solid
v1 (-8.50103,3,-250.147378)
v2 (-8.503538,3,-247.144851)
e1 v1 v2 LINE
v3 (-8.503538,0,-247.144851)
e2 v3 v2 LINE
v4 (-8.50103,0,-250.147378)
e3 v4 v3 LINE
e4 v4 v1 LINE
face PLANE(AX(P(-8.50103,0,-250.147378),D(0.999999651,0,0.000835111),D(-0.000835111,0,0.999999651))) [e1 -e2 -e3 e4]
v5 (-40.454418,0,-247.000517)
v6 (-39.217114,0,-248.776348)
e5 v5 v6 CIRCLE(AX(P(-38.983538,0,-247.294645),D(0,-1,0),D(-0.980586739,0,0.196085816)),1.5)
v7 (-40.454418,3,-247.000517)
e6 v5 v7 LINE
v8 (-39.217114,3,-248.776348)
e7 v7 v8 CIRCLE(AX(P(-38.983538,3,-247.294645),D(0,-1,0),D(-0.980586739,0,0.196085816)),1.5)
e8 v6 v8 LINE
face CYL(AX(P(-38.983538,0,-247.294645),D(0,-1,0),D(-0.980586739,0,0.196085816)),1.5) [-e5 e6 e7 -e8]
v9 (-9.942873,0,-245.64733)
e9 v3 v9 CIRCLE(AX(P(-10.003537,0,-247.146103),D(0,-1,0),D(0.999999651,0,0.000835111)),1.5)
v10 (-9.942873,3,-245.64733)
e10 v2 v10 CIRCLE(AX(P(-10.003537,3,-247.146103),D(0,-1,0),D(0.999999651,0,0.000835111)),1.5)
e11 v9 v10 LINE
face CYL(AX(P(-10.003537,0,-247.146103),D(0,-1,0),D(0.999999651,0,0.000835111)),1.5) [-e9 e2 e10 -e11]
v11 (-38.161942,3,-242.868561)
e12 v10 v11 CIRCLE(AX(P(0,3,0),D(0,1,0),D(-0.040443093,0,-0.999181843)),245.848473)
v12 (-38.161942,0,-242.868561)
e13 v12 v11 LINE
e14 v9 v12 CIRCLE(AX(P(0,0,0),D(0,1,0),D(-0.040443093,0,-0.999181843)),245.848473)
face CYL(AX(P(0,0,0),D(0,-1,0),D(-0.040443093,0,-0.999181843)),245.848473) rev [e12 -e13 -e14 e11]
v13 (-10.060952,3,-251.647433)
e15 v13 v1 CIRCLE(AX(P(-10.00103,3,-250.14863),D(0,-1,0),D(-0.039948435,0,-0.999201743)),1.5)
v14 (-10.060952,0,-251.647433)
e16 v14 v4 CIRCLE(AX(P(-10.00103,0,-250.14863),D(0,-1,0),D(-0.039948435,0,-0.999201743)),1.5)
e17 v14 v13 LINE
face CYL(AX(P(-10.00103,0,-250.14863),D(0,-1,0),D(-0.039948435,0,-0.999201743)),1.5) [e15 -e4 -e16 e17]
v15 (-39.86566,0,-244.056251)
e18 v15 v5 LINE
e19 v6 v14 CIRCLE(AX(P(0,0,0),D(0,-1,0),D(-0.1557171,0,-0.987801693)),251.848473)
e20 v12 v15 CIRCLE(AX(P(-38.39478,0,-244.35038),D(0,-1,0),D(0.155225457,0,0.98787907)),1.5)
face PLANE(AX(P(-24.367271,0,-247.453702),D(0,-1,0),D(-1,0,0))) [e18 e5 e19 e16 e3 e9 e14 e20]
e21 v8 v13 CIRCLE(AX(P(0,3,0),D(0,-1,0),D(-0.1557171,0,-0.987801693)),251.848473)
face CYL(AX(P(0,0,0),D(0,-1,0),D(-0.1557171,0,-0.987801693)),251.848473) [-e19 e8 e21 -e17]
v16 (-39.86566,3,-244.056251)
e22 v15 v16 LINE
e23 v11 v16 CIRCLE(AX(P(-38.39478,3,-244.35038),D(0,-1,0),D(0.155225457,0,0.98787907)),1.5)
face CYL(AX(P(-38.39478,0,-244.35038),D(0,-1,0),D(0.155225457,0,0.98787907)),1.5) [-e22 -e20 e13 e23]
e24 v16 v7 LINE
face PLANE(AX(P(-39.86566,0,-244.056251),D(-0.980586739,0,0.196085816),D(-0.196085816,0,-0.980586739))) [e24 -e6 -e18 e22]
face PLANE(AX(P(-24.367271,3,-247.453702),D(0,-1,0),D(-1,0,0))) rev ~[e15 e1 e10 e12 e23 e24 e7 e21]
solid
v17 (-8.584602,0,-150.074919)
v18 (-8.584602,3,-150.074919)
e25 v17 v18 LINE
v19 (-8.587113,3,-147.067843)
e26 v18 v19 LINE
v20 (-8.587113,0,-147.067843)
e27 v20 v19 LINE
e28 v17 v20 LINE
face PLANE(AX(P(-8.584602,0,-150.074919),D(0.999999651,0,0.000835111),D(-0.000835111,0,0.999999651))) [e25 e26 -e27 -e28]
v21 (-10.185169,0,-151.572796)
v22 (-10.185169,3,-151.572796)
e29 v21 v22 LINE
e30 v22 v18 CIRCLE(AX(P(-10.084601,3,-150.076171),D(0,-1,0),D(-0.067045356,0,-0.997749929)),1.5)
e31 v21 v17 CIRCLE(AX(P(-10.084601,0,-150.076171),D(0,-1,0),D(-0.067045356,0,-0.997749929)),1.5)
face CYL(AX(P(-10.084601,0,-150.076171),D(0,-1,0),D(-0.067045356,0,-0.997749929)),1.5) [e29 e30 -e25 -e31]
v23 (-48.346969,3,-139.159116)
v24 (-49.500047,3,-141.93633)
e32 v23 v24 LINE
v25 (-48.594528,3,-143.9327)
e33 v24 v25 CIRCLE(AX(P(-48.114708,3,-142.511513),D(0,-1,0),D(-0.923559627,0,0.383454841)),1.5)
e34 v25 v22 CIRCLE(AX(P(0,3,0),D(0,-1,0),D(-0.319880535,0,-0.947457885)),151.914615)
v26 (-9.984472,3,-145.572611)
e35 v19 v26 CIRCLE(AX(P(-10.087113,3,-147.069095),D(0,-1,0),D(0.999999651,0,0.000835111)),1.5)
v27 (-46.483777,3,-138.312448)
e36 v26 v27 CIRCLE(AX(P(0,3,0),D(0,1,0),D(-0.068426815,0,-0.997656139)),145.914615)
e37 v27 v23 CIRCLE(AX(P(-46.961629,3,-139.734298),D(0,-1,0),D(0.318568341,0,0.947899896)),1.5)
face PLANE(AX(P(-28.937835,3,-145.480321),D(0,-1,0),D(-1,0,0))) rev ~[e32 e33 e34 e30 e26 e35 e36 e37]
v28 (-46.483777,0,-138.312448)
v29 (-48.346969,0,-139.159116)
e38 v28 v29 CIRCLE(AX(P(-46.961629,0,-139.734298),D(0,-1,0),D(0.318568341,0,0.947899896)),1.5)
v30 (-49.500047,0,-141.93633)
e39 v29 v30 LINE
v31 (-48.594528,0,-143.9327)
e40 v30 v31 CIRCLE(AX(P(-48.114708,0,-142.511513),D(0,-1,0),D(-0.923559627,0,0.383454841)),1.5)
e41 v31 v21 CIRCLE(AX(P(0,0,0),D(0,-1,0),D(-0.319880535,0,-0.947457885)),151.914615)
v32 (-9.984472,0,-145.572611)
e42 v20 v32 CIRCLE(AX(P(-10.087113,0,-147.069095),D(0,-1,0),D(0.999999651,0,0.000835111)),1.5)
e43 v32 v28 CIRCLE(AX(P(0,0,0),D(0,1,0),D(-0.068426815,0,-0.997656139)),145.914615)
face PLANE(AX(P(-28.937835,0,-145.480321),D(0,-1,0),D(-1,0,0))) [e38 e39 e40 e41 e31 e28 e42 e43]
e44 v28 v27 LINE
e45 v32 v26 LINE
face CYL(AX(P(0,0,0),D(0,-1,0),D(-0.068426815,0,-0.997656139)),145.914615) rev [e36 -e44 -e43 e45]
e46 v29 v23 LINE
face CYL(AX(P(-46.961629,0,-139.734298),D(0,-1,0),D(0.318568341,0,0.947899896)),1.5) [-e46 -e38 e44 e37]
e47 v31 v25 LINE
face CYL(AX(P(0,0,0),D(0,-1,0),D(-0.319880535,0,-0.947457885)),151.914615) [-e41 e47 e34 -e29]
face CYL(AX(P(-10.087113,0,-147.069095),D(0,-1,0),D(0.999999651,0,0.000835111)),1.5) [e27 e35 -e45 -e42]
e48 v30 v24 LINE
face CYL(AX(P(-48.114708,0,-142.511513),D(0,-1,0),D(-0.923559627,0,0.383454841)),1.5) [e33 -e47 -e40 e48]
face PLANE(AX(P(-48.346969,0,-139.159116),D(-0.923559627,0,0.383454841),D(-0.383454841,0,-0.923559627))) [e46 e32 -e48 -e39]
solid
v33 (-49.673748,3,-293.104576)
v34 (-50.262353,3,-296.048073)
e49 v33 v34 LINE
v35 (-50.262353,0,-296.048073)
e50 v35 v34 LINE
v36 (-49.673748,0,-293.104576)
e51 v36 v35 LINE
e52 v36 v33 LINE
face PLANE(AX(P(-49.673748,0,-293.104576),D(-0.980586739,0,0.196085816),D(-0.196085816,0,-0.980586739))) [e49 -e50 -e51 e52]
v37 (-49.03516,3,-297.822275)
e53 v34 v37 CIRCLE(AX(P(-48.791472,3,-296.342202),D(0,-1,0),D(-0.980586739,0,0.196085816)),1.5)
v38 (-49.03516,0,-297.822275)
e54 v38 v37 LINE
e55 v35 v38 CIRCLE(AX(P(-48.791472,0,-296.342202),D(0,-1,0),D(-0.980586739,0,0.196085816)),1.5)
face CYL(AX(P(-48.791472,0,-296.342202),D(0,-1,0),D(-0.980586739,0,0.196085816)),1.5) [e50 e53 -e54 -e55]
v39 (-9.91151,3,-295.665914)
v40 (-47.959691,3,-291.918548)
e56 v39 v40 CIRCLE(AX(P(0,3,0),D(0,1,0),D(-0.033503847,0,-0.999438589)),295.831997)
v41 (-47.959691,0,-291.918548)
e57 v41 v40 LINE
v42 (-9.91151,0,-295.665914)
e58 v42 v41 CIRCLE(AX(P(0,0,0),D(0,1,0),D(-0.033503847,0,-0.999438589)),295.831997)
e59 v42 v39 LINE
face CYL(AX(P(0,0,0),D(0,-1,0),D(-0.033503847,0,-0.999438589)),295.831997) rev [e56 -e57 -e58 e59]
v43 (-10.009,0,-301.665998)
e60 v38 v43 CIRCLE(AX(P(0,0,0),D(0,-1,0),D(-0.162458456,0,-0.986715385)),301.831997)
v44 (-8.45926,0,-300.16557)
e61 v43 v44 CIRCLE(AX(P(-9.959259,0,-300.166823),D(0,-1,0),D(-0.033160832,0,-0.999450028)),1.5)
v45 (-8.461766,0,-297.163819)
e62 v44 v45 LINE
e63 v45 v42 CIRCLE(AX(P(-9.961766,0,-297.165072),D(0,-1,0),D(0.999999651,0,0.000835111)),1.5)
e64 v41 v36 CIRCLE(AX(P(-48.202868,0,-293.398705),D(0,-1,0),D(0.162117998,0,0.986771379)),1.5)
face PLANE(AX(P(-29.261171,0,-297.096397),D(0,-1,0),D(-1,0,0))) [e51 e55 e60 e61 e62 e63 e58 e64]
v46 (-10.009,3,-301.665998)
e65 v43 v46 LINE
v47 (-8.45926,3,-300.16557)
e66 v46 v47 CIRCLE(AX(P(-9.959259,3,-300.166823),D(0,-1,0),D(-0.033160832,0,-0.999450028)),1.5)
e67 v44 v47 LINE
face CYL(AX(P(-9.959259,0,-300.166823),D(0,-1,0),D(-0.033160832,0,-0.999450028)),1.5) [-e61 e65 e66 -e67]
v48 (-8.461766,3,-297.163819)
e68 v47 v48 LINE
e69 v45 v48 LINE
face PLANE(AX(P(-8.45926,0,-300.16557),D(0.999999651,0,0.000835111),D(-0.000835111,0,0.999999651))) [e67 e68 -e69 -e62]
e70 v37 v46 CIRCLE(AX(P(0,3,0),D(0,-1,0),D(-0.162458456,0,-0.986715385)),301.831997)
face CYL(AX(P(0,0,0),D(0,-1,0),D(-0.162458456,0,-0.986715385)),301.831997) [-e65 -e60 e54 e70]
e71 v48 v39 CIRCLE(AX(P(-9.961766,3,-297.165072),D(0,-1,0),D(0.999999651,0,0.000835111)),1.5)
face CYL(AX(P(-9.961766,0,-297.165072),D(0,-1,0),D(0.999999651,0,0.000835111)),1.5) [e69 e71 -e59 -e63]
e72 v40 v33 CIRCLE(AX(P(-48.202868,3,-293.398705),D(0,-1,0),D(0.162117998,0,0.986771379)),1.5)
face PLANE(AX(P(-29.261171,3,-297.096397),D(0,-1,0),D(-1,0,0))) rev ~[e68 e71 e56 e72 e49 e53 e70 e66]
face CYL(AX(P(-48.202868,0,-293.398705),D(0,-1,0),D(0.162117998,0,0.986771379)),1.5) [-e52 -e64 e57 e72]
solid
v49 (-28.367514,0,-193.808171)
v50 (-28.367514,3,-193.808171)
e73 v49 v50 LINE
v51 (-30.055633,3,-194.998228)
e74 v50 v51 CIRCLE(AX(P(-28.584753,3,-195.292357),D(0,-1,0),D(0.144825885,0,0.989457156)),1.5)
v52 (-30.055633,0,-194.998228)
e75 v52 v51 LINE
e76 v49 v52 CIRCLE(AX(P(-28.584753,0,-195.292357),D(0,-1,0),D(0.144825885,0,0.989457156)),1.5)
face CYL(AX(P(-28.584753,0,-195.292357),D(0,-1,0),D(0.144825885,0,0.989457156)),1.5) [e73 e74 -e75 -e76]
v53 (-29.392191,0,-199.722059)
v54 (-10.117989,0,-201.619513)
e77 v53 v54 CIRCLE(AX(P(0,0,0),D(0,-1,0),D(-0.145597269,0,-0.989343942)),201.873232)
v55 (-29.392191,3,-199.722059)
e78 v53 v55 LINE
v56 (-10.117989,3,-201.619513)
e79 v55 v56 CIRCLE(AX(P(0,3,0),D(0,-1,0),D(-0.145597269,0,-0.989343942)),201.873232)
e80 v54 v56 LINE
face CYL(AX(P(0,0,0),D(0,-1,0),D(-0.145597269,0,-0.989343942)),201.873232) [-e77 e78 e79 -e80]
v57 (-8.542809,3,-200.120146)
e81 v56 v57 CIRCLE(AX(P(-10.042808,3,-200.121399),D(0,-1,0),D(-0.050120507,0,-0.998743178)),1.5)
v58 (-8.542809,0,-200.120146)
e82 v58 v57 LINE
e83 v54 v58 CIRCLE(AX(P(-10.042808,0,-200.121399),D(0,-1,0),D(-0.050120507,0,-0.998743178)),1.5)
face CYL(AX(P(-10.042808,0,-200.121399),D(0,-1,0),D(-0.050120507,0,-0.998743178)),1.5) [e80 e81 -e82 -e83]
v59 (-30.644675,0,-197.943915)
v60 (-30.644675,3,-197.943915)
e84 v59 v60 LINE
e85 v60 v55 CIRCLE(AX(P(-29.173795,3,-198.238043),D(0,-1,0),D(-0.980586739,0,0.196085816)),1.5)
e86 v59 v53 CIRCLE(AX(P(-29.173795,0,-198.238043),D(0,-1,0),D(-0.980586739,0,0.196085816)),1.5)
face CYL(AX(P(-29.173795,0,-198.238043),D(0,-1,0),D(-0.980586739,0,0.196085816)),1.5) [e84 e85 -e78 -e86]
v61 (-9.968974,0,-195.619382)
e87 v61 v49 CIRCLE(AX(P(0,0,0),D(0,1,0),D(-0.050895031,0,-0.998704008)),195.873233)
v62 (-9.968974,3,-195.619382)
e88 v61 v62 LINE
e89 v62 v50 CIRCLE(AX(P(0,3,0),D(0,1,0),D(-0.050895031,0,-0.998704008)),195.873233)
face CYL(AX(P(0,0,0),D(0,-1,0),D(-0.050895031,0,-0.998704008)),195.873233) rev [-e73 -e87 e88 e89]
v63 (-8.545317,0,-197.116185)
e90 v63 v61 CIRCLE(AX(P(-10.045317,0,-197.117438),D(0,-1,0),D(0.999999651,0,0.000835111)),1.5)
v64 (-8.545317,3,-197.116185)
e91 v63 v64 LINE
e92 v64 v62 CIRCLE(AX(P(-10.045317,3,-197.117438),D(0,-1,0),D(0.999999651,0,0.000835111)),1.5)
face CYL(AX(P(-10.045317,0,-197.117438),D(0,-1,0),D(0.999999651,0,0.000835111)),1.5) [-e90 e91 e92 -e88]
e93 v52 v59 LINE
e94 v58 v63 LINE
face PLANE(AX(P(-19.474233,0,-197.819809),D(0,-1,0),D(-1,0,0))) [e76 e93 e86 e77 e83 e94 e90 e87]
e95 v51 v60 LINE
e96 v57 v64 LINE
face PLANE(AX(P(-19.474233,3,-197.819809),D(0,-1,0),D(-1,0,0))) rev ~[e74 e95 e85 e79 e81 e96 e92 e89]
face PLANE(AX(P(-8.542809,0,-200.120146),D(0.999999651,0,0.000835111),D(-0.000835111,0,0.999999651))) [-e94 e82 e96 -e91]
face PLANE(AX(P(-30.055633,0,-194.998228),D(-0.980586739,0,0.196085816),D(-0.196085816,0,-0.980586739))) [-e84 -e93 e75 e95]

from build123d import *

# Parameters (mm, degrees)
AUFSATZ_LINEAR_AUSTRAGEN1_DEPTH   = 3
AUFSATZ_LINEAR_AUSTRAGEN1_2_DEPTH = 3
AUFSATZ_LINEAR_AUSTRAGEN1_3_DEPTH = 3
AUFSATZ_LINEAR_AUSTRAGEN1_4_DEPTH = 3


with BuildPart() as part:
    # Skizze1 → Aufsatz-Linear austragen1 (new body)
    with BuildSketch(Plane(origin=(0, 0, 0), x_dir=(1, 0, 0), z_dir=(0, 1, 0))):
        with BuildLine():
            Line((-8.459259515, 300.16557037), (-8.461766311, 297.163818853))
            ThreePointArc((-8.461766311, 297.163818853), (-8.883919397, 296.121880665), (-9.911510017, 295.665913636))
            ThreePointArc((-9.911510017, 295.665913636), (-28.996200706, 294.407525145), (-47.95969069, 291.918547863))
            ThreePointArc((-47.95969069, 291.918547863), (-49.056377816, 292.165205658), (-49.673747794, 293.104576208))
            Line((-49.673747794, 293.104576208), (-50.262352563, 296.048073311))
            ThreePointArc((-50.262352563, 296.048073311), (-50.025118954, 297.195499354), (-49.035160138, 297.822275112))
            ThreePointArc((-49.035160138, 297.822275112), (-29.5845698, 300.378607282), (-10.00900024, 301.665998079))
            ThreePointArc((-10.00900024, 301.665998079), (-8.915883192, 301.244490397), (-8.459259515, 300.16557037))
        make_face()
    extrude(amount=AUFSATZ_LINEAR_AUSTRAGEN1_DEPTH)


with BuildPart() as body_2:
    # Skizze1 → Aufsatz-Linear austragen1 2 (new body)
    with BuildSketch(Plane(origin=(0, 0, 0), x_dir=(1, 0, 0), z_dir=(0, 1, 0))):
        with BuildLine():
            Line((-48.346968769, 139.159115699), (-49.50004695, 141.936330487))
            ThreePointArc((-49.50004695, 141.936330487), (-49.480752189, 143.13112709), (-48.594528312, 143.932699575))
            ThreePointArc((-48.594528312, 143.932699575), (-29.63707112, 148.995618071), (-10.185169404, 151.572796085))
            ThreePointArc((-10.185169404, 151.572796085), (-9.059656793, 151.171382867), (-8.584601893, 150.074918526))
            Line((-8.584601893, 150.074918526), (-8.587113136, 147.06784271))
            ThreePointArc((-8.587113136, 147.06784271), (-8.991191611, 146.044909281), (-9.98447239, 145.572611168))
            ThreePointArc((-9.98447239, 145.572611168), (-28.466529188, 143.110906388), (-46.483776816, 138.312448117))
            ThreePointArc((-46.483776816, 138.312448117), (-47.582189261, 138.368682579), (-48.346968769, 139.159115699))
        make_face()
    extrude(amount=AUFSATZ_LINEAR_AUSTRAGEN1_2_DEPTH)


with BuildPart() as body_3:
    # Skizze1 → Aufsatz-Linear austragen1 3 (new body)
    with BuildSketch(Plane(origin=(0, 0, 0), x_dir=(1, 0, 0), z_dir=(0, 1, 0))):
        with BuildLine():
            Line((-30.055632937, 194.998228293), (-30.644675496, 197.943914697))
            ThreePointArc((-30.644675496, 197.943914697), (-30.400116287, 199.101835671), (-29.392191291, 199.722059334))
            ThreePointArc((-29.392191291, 199.722059334), (-19.777857967, 200.902061283), (-10.117988803, 201.619513431))
            ThreePointArc((-10.117988803, 201.619513431), (-9.008616199, 201.207882549), (-8.542808565, 200.120145998))
            Line((-8.542808565, 200.120145998), (-8.545317206, 197.116185466))
            ThreePointArc((-8.545317206, 197.116185466), (-8.958431865, 196.083667659), (-9.968974137, 195.619382121))
            ThreePointArc((-9.968974137, 195.619382121), (-19.18962485, 194.930965741), (-28.367514003, 193.808171283))
            ThreePointArc((-28.367514003, 193.808171283), (-29.449023063, 194.066372937), (-30.055632937, 194.998228293))
        make_face()
    extrude(amount=AUFSATZ_LINEAR_AUSTRAGEN1_3_DEPTH)


with BuildPart() as body_4:
    # Skizze1 → Aufsatz-Linear austragen1 4 (new body)
    with BuildSketch(Plane(origin=(0, 0, 0), x_dir=(1, 0, 0), z_dir=(0, 1, 0))):
        with BuildLine():
            Line((-39.865659916, 244.056250782), (-40.454418425, 247.000516708))
            ThreePointArc((-40.454418425, 247.000516708), (-40.214264333, 248.152149643), (-39.217113967, 248.776347971))
            ThreePointArc((-39.217113967, 248.776347971), (-24.680817217, 250.636211668), (-10.060952395, 251.647433078))
            ThreePointArc((-10.060952395, 251.647433078), (-8.961319795, 251.229834989), (-8.501030266, 250.147377798))
            Line((-8.501030266, 250.147377798), (-8.50353771, 247.144850529))
            ThreePointArc((-8.50353771, 247.144850529), (-8.922075337, 246.106660909), (-9.942872548, 245.647330431))
            ThreePointArc((-9.942872548, 245.647330431), (-24.092502498, 244.665124171), (-38.161941621, 242.8685609))
            ThreePointArc((-38.161941621, 242.8685609), (-39.252590255, 243.119866915), (-39.865659916, 244.056250782))
        make_face()
    extrude(amount=AUFSATZ_LINEAR_AUSTRAGEN1_4_DEPTH)


solid = Compound([part.part, body_2.part, body_3.part, body_4.part])
